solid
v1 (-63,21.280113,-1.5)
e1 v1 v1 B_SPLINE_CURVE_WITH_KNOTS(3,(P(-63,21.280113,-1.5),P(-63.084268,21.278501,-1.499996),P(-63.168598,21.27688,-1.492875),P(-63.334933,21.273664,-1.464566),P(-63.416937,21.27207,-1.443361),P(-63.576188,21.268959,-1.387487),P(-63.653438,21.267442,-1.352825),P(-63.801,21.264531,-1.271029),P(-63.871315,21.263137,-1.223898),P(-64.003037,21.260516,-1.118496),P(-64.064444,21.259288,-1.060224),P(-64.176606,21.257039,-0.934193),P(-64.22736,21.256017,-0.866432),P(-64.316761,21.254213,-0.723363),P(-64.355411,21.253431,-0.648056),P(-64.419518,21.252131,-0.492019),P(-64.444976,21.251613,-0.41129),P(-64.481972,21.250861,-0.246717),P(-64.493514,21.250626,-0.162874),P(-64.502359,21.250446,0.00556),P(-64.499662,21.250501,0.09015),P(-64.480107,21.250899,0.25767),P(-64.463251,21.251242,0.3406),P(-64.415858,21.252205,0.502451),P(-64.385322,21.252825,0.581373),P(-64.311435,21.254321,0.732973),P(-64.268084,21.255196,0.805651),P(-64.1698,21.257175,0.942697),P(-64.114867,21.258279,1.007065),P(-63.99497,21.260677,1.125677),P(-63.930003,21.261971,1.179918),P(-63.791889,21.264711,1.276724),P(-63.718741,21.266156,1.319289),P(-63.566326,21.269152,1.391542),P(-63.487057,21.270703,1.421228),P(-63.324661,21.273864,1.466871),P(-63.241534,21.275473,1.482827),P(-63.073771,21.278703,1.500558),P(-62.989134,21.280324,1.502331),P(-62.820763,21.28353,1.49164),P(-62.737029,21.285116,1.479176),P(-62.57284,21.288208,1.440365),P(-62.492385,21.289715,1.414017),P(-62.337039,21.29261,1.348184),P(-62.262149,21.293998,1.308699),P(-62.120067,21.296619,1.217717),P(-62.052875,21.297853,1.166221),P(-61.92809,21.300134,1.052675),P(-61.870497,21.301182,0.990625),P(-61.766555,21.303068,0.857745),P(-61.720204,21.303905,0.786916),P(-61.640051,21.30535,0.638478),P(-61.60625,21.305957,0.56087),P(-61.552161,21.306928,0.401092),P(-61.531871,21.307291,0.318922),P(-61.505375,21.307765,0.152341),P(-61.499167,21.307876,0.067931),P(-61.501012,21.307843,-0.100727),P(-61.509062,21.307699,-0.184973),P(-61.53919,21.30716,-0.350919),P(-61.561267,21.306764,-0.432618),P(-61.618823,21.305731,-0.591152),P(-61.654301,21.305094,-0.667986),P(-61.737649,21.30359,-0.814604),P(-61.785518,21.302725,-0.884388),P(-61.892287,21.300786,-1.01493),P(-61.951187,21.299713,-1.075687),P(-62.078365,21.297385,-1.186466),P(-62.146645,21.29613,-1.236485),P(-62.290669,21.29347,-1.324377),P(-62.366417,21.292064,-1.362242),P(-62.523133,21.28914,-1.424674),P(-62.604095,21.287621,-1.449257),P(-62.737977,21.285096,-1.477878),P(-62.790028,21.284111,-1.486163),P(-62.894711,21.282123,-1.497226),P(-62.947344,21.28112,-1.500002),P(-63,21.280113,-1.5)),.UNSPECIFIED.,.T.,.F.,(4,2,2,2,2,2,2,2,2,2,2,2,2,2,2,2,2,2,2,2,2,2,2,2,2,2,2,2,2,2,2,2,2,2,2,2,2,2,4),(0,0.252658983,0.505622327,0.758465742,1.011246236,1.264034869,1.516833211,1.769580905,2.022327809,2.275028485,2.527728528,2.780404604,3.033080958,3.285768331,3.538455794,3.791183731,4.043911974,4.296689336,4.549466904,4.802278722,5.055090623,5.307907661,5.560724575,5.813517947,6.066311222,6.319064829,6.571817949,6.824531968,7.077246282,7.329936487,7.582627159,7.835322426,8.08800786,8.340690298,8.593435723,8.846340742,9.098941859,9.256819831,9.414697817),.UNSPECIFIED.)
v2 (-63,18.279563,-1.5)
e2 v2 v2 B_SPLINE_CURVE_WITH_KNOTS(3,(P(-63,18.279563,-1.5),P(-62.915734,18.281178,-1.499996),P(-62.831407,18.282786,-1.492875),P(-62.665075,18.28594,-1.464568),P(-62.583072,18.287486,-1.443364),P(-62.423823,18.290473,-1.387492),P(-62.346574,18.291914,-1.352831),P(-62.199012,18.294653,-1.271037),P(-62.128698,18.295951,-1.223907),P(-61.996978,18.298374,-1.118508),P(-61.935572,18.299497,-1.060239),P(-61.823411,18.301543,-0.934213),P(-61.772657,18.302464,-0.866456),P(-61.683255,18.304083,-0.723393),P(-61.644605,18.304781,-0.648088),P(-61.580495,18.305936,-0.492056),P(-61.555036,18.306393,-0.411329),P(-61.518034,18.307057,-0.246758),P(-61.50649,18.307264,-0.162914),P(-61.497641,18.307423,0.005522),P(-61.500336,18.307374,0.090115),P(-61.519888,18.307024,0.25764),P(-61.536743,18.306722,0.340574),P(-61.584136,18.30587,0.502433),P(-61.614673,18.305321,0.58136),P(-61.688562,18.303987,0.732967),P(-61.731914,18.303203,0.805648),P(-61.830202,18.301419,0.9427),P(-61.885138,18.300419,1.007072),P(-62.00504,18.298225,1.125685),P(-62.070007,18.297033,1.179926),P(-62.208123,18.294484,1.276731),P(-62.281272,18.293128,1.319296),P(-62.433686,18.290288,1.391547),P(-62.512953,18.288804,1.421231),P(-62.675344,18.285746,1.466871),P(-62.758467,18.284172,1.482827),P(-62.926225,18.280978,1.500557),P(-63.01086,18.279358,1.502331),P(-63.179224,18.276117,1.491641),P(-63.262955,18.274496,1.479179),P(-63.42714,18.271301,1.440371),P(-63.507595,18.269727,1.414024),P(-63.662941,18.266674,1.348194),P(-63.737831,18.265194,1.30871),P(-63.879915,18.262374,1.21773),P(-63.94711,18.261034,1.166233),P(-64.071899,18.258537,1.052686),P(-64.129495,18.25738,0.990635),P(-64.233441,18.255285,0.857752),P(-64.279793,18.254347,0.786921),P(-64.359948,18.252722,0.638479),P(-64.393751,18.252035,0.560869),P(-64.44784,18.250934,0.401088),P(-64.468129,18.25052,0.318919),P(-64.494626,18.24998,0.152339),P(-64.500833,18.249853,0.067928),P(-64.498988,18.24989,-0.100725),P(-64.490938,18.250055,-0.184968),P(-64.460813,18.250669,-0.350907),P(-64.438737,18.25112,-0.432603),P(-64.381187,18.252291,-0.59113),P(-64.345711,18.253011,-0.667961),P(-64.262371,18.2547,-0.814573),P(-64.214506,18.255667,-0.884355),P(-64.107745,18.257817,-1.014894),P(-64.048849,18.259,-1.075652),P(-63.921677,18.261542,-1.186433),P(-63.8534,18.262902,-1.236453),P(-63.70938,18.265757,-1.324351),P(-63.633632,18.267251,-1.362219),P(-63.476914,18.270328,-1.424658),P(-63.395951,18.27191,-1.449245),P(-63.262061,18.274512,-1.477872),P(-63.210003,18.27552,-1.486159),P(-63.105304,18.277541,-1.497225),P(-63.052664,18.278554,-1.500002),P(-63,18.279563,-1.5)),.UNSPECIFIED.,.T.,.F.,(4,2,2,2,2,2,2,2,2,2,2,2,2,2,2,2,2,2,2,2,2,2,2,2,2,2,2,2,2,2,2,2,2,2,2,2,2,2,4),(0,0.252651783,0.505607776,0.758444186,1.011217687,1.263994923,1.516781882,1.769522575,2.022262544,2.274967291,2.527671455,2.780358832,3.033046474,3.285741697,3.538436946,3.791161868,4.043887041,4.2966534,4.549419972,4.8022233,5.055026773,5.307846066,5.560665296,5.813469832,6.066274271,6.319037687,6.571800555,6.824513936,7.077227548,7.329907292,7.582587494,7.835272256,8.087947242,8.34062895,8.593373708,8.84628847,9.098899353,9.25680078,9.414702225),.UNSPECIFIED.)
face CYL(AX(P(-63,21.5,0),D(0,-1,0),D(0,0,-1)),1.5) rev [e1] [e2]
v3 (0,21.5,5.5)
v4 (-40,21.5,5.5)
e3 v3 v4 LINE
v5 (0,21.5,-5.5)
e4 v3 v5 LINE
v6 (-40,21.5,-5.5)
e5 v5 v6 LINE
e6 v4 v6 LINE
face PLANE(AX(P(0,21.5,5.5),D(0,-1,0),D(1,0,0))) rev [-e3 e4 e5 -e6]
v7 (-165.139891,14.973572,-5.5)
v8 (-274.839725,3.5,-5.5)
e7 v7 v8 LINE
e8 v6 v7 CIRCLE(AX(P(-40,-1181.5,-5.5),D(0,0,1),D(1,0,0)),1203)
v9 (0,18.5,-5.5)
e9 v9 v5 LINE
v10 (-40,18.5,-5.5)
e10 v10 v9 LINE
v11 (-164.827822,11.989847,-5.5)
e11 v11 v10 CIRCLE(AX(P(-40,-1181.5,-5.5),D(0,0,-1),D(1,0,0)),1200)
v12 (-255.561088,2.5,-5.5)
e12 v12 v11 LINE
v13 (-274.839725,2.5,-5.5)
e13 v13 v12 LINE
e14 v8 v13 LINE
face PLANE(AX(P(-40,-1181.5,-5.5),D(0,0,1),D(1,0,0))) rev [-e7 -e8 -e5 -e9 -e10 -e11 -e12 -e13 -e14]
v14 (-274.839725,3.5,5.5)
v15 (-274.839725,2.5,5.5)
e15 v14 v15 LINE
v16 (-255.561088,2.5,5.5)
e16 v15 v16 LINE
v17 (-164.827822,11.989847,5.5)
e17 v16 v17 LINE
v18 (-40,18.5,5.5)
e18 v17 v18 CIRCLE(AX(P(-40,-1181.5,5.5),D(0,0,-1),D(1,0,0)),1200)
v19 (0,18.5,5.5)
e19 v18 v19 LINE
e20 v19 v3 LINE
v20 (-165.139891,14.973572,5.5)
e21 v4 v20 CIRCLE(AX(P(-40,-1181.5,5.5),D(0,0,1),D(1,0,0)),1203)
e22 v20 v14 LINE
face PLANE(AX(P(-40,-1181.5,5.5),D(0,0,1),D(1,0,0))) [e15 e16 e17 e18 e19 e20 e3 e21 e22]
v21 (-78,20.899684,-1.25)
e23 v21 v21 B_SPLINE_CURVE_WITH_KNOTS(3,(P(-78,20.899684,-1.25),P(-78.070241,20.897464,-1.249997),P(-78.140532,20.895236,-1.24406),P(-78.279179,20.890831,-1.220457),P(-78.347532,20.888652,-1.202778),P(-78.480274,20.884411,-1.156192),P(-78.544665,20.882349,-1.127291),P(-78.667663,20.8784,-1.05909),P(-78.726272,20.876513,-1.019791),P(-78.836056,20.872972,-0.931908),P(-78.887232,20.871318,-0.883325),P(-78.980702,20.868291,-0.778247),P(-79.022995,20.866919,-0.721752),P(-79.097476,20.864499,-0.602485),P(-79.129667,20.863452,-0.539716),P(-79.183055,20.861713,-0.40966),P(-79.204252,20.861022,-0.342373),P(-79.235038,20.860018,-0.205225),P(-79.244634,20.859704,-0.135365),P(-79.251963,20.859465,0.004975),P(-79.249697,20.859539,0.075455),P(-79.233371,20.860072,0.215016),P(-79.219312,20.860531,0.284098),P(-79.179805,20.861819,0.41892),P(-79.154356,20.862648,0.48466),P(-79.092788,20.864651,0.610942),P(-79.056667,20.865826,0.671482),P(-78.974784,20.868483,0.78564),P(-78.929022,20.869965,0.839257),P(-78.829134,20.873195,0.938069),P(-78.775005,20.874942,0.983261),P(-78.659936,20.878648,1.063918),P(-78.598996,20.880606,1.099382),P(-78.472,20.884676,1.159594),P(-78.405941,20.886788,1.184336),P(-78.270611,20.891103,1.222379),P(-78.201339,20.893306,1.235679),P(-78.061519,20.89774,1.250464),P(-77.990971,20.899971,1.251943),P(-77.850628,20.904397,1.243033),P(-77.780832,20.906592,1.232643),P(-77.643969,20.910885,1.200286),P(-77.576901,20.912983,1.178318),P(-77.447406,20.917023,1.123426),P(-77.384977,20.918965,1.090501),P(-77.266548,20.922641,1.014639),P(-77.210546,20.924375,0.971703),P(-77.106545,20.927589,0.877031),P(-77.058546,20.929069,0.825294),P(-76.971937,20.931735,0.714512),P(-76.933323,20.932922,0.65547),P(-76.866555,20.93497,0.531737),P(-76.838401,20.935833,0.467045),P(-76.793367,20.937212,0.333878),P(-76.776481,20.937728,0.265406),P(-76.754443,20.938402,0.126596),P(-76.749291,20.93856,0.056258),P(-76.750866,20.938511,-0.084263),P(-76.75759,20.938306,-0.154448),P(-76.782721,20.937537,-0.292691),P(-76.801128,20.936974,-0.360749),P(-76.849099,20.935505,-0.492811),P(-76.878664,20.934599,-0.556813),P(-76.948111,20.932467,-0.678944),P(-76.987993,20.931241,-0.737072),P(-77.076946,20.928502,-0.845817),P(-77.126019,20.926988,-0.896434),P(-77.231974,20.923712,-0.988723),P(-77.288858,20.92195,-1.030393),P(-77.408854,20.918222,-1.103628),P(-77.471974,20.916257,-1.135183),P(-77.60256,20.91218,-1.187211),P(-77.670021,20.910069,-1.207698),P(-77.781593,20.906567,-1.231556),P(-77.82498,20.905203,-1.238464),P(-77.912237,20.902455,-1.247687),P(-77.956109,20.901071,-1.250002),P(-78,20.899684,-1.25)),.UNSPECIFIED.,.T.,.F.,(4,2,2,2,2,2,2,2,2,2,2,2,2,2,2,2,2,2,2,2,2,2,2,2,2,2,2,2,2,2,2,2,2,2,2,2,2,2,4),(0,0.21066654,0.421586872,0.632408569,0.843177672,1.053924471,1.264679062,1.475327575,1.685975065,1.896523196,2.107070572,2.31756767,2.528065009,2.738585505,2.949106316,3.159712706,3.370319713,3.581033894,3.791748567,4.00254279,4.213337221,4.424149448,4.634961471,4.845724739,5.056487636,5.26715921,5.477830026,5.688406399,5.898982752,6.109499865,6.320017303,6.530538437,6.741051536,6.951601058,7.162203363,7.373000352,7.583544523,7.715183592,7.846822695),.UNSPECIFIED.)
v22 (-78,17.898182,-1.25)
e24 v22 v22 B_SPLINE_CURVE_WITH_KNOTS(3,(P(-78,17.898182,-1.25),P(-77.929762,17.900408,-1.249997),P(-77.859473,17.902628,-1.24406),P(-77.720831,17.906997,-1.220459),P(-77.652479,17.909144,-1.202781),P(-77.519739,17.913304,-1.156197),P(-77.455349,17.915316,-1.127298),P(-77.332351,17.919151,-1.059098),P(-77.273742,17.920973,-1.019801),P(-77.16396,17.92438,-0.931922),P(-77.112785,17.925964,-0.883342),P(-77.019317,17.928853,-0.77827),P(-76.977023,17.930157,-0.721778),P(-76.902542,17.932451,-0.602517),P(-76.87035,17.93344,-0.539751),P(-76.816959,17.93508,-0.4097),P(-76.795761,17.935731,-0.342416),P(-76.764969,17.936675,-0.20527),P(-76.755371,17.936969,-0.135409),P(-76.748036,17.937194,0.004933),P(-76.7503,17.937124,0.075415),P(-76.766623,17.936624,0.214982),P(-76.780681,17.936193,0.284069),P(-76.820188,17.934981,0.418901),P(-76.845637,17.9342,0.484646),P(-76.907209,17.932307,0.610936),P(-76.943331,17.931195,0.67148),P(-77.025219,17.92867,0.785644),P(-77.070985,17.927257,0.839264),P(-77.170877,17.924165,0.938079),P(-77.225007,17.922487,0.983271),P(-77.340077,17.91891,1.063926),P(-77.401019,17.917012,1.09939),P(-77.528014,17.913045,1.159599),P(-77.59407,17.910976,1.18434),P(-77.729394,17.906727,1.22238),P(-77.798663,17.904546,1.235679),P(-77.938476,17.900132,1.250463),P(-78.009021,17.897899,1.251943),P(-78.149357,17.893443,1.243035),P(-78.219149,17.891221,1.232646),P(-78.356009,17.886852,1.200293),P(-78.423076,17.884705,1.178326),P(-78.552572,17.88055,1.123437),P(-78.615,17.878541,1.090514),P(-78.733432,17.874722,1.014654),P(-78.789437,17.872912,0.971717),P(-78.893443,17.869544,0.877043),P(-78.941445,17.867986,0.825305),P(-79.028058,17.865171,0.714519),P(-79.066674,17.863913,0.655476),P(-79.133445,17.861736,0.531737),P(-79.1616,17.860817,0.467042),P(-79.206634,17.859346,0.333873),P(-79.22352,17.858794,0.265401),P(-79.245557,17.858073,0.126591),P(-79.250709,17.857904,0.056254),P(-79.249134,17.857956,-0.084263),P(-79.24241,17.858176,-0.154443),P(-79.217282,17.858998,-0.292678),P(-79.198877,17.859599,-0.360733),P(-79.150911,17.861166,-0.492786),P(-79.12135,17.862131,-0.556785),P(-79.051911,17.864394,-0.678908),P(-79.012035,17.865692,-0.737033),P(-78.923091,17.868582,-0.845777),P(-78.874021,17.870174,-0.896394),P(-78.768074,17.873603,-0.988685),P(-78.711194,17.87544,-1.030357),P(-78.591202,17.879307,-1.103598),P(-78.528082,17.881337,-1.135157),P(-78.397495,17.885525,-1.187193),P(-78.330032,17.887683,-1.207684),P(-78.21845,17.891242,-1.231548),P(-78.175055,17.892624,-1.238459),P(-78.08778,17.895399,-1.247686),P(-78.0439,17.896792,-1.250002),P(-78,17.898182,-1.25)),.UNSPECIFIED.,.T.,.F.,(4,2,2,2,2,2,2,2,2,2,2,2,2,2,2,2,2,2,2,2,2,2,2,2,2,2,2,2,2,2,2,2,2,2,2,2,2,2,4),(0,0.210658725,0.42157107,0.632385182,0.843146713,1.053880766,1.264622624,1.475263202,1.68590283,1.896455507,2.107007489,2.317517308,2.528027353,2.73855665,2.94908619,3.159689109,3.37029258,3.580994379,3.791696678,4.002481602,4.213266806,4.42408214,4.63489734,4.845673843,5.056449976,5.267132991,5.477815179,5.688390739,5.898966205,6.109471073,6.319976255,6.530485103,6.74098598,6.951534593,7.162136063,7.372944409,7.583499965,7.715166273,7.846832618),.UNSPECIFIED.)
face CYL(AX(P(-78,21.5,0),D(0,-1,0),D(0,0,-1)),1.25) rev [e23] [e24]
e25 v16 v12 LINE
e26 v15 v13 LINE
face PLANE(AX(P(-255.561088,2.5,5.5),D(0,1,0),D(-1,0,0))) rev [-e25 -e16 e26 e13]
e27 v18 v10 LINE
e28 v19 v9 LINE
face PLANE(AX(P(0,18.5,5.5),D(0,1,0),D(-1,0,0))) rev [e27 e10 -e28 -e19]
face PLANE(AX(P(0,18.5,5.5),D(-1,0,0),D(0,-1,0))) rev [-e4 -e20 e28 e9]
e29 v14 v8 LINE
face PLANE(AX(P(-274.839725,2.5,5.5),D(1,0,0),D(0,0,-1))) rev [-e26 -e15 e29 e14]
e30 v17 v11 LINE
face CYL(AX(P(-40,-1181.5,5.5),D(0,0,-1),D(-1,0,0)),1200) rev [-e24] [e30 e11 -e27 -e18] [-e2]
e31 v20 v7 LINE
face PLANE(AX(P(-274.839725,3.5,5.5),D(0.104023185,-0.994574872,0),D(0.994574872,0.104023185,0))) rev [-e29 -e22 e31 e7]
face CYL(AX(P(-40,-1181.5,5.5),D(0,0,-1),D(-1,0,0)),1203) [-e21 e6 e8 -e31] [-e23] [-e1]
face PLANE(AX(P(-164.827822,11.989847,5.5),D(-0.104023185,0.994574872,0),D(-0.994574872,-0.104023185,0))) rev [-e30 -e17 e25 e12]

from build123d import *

# Parameters (mm, degrees)
EXTRUDE1_DEPTH     = 5.5
SKETCH2_R          = 1.5
SKETCH2_R_2        = 1.25
CUT_EXTRUDE1_DEPTH = 22.5


with BuildPart() as part:
    # Sketch1 → Extrude1 (new body, symmetric)
    with BuildSketch(Plane.XY):
        with BuildLine():
            Line((-164.827821897, 11.989846995), (-255.561088457, 2.5))
            Line((-255.561088457, 2.5), (-274.839724553, 2.5))
            Line((-274.839724553, 2.5), (-274.839724553, 3.5))
            Line((-274.839724553, 3.5), (-165.139891452, 14.973571613))
            ThreePointArc((-165.139891452, 14.973571613), (-102.654981247, 19.86728494), (-40, 21.5))
            Line((-40, 21.5), (0, 21.5))
            Line((0, 21.5), (0, 18.5))
            Line((0, 18.5), (-40, 18.5))
            ThreePointArc((-40, 18.5), (-102.498734411, 16.871356549), (-164.827821897, 11.989846995))
        make_face()
    extrude(amount=EXTRUDE1_DEPTH, both=True)

    # Sketch2 → Cut-Extrude1 (cut, through all)
    with BuildSketch(Plane(origin=(0, 0, 0), x_dir=(1, 0, 0), z_dir=(0, 1, 0))):
        with Locations(Location((-63, 0, 0), (0, 0, 90))):  # turned: the seam where the file's is
            Circle(SKETCH2_R)
        with Locations(Location((-78, 0, 0), (0, 0, 90))):  # turned: the seam where the file's is
            Circle(SKETCH2_R_2)
    extrude(amount=CUT_EXTRUDE1_DEPTH, mode=Mode.SUBTRACT)


solid = part.part
